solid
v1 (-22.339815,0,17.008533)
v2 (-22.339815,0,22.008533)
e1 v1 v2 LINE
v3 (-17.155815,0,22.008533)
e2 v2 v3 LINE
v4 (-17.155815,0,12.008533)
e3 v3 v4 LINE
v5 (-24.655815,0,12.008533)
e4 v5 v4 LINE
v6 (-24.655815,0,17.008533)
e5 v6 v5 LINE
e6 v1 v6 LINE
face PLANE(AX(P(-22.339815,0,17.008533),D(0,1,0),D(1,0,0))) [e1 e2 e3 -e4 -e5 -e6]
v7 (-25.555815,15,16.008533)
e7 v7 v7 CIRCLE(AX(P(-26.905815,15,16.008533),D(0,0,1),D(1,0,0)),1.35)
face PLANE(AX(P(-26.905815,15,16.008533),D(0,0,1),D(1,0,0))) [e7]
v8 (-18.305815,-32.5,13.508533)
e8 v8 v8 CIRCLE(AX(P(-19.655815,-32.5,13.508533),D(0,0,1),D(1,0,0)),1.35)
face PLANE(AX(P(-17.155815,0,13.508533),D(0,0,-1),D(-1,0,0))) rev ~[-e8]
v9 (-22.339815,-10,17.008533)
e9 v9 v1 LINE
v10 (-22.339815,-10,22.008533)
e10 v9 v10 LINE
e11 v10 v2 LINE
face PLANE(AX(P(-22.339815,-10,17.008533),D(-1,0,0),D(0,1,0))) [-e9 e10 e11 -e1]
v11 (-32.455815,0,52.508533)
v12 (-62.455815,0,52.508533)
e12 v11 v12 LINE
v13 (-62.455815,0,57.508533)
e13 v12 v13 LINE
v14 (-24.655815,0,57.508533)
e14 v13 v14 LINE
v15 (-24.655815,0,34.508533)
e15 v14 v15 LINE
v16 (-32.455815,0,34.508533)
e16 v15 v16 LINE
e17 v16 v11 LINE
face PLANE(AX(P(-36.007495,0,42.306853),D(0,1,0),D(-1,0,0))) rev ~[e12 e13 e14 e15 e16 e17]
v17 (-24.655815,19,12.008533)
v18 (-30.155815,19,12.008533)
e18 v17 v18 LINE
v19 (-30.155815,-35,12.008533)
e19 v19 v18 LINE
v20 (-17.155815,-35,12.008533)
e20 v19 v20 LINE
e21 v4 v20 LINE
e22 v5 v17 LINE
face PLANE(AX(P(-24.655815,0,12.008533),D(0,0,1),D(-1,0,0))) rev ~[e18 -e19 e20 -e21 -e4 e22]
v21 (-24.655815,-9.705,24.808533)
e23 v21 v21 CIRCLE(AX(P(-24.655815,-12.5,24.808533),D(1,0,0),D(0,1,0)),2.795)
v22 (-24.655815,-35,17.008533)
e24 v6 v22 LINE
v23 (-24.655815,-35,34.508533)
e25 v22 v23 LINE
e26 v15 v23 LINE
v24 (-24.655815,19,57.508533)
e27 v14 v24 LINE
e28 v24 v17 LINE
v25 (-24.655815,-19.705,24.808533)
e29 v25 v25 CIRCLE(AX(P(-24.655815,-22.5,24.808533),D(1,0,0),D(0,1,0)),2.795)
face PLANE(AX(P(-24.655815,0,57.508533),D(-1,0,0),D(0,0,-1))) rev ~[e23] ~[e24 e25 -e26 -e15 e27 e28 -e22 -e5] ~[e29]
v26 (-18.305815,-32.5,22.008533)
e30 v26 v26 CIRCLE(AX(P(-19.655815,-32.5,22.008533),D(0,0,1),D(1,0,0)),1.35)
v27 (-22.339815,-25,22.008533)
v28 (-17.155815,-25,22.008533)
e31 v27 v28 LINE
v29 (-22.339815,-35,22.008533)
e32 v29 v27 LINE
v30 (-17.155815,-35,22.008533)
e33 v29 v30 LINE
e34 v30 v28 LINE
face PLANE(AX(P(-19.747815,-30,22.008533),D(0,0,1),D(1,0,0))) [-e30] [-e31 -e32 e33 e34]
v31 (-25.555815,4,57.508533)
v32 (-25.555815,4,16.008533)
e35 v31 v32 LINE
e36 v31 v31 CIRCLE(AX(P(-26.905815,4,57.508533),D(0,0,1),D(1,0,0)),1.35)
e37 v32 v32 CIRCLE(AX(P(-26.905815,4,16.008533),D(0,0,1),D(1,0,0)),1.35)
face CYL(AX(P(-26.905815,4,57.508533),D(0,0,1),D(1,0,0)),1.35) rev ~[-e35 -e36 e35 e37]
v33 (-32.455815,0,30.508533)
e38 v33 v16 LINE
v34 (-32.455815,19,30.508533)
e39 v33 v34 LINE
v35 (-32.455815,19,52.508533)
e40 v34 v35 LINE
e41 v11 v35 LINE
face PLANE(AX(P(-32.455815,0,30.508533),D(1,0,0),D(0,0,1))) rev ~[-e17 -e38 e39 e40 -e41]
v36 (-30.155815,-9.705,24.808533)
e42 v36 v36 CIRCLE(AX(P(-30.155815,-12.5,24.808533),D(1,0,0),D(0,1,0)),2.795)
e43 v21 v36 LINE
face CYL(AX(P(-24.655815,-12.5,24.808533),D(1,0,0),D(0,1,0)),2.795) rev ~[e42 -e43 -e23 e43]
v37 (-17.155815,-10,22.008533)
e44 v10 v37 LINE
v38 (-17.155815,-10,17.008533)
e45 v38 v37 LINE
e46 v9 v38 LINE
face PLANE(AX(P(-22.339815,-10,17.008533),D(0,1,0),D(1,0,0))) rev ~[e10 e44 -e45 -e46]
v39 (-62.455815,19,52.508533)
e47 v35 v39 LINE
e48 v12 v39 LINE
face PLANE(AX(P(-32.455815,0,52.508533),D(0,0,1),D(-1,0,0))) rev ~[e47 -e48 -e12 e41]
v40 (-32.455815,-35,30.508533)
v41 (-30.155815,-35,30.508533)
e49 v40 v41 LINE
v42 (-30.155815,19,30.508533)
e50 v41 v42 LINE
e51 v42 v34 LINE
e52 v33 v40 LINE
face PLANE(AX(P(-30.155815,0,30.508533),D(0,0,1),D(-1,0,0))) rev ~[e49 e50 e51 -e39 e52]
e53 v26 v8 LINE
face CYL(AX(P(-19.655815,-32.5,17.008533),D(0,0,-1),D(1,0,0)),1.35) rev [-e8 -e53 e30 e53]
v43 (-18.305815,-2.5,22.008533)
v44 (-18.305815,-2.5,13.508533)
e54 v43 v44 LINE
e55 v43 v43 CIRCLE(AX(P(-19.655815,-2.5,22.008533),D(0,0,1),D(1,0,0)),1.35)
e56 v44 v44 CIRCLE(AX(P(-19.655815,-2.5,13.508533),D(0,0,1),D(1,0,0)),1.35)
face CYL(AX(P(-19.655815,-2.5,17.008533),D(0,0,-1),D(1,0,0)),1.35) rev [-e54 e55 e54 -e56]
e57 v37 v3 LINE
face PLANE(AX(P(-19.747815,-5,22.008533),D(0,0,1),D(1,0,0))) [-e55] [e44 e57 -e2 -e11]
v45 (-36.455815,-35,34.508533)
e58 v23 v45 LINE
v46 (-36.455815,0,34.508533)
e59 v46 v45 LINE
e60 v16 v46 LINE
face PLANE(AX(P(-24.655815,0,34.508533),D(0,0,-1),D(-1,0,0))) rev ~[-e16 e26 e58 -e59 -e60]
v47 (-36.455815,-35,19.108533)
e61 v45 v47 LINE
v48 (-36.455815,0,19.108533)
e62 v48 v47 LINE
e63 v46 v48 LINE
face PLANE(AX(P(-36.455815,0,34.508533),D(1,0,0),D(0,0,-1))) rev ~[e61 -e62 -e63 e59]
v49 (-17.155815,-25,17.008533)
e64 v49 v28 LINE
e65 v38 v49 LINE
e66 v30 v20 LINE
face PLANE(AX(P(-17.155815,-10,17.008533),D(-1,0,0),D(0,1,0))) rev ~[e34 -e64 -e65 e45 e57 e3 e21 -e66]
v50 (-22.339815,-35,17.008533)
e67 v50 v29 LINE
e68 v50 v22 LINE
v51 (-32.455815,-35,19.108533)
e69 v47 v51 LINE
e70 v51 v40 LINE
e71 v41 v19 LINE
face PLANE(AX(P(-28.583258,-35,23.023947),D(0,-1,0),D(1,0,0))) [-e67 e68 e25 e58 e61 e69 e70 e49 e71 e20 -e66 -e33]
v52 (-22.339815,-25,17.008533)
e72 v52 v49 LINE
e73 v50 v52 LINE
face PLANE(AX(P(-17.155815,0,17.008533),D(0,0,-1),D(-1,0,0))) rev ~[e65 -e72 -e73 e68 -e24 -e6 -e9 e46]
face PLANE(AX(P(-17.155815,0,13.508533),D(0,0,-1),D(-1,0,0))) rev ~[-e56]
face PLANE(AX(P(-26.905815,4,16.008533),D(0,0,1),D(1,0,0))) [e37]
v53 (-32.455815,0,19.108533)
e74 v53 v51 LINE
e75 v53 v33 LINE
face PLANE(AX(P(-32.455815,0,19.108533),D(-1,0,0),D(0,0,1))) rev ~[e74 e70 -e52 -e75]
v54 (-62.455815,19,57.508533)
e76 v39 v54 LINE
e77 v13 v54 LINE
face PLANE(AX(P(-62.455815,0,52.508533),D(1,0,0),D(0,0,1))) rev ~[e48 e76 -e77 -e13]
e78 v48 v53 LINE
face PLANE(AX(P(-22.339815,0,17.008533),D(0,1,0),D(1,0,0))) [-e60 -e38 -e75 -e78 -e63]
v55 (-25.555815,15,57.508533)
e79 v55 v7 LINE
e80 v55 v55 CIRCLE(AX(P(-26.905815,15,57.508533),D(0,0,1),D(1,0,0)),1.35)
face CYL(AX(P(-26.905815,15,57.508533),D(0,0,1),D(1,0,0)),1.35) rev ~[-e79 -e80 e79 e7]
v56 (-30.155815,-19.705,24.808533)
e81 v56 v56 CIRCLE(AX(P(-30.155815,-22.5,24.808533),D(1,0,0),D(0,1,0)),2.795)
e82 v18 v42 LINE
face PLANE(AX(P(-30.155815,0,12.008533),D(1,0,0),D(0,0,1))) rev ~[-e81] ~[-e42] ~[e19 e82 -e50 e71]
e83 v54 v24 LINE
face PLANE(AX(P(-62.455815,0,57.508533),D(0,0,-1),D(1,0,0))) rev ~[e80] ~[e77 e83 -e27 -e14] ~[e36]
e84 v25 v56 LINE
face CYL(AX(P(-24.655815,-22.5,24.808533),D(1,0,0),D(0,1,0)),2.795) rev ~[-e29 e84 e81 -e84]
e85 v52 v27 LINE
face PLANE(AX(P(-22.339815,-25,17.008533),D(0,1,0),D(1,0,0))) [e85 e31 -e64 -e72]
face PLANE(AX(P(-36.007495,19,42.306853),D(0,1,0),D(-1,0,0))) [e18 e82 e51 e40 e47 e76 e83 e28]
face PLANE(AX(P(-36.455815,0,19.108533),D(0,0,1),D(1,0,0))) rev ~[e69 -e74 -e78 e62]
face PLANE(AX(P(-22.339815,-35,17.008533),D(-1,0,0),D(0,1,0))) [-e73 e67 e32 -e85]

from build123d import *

# Parameters (mm, degrees)
F1_DEPTH  = 35
F2_W      = 5.184
F2_H      = 10
F2_R      = 1.35
F3_DEPTH  = 5
F4_R      = 2.795
F5_DEPTH  = 5.5
F7_DEPTH  = 19
F8_R      = 1.35
F9_DEPTH  = 41.5
F10_DEPTH = 3.5


with BuildPart() as f1:
    # F0 (on Front) → F1 (new body)
    with BuildSketch(Plane.XZ):
        Polygon((-36.4558147092, 34.5085331884), (-36.4558147092, 19.1085331884), (-32.4558147092, 19.1085331884), (-32.4558147092, 30.5085331884), (-30.1558147092, 30.5085331884), (-30.1558147092, 12.0085331884), (-17.1558147092, 12.0085331884), (-17.1558147092, 17.0085331884), (-24.6558147092, 17.0085331884), (-24.6558147092, 34.5085331884), align=None)
    extrude(amount=F1_DEPTH)

    # F2 (on face) → F3 (join)
    with BuildSketch(Plane.XY.offset(17.0085331884)):
        with Locations((-19.7478147092, -5)):
            Rectangle(F2_W, F2_H)
        with Locations((-19.6558147092, -2.5)):
            Circle(F2_R, mode=Mode.SUBTRACT)
        with Locations((-19.7478147092, -30)):
            Rectangle(F2_W, F2_H)
        with Locations((-19.6558147092, -32.5)):
            Circle(F2_R, mode=Mode.SUBTRACT)
    extrude(amount=F3_DEPTH)

    # F4 (on face) → F5 (cut, through all)
    with BuildSketch(Plane.YZ.offset(-24.6558147092)):
        with Locations((-22.5, 24.8085331884)):
            Circle(F4_R)
        with Locations((-12.5, 24.8085331884)):
            Circle(F4_R)
    extrude(amount=-F5_DEPTH, mode=Mode.SUBTRACT)

    # F6 (on face) → F7 (join)
    with BuildSketch(Plane(origin=(0, 0, 0), x_dir=(-1, 0, 0), z_dir=(0, 1, 0))):
        Polygon((24.6558147092, 12.0085331884), (30.1558147092, 12.0085331884), (30.1558147092, 30.5085331884), (32.4558147092, 30.5085331884), (32.4558147092, 34.5085331884), (32.4558147092, 52.5085331884), (62.4558147092, 52.5085331884), (62.4558147092, 57.5085331884), (24.6558147092, 57.5085331884), align=None)
    extrude(amount=F7_DEPTH)

    # F8 (on face) → F9 (cut)
    with BuildSketch(Plane.XY.offset(57.5085331884)):
        with Locations((-26.9058147092, 4)):
            Circle(F8_R)
        with Locations((-26.9058147092, 15)):
            Circle(F8_R)
    extrude(amount=-F9_DEPTH, mode=Mode.SUBTRACT)

    # F10 (cut): faces of the model
    f10_faces = [f1.faces().sort_by_distance(p)[0] for p in [
        (-19.6558147092, -32.5, 17.0085331884),
        (-19.6558147092, -2.5, 17.0085331884),
    ]]
    extrude(f10_faces, amount=-F10_DEPTH, mode=Mode.SUBTRACT)


solid = f1.part
